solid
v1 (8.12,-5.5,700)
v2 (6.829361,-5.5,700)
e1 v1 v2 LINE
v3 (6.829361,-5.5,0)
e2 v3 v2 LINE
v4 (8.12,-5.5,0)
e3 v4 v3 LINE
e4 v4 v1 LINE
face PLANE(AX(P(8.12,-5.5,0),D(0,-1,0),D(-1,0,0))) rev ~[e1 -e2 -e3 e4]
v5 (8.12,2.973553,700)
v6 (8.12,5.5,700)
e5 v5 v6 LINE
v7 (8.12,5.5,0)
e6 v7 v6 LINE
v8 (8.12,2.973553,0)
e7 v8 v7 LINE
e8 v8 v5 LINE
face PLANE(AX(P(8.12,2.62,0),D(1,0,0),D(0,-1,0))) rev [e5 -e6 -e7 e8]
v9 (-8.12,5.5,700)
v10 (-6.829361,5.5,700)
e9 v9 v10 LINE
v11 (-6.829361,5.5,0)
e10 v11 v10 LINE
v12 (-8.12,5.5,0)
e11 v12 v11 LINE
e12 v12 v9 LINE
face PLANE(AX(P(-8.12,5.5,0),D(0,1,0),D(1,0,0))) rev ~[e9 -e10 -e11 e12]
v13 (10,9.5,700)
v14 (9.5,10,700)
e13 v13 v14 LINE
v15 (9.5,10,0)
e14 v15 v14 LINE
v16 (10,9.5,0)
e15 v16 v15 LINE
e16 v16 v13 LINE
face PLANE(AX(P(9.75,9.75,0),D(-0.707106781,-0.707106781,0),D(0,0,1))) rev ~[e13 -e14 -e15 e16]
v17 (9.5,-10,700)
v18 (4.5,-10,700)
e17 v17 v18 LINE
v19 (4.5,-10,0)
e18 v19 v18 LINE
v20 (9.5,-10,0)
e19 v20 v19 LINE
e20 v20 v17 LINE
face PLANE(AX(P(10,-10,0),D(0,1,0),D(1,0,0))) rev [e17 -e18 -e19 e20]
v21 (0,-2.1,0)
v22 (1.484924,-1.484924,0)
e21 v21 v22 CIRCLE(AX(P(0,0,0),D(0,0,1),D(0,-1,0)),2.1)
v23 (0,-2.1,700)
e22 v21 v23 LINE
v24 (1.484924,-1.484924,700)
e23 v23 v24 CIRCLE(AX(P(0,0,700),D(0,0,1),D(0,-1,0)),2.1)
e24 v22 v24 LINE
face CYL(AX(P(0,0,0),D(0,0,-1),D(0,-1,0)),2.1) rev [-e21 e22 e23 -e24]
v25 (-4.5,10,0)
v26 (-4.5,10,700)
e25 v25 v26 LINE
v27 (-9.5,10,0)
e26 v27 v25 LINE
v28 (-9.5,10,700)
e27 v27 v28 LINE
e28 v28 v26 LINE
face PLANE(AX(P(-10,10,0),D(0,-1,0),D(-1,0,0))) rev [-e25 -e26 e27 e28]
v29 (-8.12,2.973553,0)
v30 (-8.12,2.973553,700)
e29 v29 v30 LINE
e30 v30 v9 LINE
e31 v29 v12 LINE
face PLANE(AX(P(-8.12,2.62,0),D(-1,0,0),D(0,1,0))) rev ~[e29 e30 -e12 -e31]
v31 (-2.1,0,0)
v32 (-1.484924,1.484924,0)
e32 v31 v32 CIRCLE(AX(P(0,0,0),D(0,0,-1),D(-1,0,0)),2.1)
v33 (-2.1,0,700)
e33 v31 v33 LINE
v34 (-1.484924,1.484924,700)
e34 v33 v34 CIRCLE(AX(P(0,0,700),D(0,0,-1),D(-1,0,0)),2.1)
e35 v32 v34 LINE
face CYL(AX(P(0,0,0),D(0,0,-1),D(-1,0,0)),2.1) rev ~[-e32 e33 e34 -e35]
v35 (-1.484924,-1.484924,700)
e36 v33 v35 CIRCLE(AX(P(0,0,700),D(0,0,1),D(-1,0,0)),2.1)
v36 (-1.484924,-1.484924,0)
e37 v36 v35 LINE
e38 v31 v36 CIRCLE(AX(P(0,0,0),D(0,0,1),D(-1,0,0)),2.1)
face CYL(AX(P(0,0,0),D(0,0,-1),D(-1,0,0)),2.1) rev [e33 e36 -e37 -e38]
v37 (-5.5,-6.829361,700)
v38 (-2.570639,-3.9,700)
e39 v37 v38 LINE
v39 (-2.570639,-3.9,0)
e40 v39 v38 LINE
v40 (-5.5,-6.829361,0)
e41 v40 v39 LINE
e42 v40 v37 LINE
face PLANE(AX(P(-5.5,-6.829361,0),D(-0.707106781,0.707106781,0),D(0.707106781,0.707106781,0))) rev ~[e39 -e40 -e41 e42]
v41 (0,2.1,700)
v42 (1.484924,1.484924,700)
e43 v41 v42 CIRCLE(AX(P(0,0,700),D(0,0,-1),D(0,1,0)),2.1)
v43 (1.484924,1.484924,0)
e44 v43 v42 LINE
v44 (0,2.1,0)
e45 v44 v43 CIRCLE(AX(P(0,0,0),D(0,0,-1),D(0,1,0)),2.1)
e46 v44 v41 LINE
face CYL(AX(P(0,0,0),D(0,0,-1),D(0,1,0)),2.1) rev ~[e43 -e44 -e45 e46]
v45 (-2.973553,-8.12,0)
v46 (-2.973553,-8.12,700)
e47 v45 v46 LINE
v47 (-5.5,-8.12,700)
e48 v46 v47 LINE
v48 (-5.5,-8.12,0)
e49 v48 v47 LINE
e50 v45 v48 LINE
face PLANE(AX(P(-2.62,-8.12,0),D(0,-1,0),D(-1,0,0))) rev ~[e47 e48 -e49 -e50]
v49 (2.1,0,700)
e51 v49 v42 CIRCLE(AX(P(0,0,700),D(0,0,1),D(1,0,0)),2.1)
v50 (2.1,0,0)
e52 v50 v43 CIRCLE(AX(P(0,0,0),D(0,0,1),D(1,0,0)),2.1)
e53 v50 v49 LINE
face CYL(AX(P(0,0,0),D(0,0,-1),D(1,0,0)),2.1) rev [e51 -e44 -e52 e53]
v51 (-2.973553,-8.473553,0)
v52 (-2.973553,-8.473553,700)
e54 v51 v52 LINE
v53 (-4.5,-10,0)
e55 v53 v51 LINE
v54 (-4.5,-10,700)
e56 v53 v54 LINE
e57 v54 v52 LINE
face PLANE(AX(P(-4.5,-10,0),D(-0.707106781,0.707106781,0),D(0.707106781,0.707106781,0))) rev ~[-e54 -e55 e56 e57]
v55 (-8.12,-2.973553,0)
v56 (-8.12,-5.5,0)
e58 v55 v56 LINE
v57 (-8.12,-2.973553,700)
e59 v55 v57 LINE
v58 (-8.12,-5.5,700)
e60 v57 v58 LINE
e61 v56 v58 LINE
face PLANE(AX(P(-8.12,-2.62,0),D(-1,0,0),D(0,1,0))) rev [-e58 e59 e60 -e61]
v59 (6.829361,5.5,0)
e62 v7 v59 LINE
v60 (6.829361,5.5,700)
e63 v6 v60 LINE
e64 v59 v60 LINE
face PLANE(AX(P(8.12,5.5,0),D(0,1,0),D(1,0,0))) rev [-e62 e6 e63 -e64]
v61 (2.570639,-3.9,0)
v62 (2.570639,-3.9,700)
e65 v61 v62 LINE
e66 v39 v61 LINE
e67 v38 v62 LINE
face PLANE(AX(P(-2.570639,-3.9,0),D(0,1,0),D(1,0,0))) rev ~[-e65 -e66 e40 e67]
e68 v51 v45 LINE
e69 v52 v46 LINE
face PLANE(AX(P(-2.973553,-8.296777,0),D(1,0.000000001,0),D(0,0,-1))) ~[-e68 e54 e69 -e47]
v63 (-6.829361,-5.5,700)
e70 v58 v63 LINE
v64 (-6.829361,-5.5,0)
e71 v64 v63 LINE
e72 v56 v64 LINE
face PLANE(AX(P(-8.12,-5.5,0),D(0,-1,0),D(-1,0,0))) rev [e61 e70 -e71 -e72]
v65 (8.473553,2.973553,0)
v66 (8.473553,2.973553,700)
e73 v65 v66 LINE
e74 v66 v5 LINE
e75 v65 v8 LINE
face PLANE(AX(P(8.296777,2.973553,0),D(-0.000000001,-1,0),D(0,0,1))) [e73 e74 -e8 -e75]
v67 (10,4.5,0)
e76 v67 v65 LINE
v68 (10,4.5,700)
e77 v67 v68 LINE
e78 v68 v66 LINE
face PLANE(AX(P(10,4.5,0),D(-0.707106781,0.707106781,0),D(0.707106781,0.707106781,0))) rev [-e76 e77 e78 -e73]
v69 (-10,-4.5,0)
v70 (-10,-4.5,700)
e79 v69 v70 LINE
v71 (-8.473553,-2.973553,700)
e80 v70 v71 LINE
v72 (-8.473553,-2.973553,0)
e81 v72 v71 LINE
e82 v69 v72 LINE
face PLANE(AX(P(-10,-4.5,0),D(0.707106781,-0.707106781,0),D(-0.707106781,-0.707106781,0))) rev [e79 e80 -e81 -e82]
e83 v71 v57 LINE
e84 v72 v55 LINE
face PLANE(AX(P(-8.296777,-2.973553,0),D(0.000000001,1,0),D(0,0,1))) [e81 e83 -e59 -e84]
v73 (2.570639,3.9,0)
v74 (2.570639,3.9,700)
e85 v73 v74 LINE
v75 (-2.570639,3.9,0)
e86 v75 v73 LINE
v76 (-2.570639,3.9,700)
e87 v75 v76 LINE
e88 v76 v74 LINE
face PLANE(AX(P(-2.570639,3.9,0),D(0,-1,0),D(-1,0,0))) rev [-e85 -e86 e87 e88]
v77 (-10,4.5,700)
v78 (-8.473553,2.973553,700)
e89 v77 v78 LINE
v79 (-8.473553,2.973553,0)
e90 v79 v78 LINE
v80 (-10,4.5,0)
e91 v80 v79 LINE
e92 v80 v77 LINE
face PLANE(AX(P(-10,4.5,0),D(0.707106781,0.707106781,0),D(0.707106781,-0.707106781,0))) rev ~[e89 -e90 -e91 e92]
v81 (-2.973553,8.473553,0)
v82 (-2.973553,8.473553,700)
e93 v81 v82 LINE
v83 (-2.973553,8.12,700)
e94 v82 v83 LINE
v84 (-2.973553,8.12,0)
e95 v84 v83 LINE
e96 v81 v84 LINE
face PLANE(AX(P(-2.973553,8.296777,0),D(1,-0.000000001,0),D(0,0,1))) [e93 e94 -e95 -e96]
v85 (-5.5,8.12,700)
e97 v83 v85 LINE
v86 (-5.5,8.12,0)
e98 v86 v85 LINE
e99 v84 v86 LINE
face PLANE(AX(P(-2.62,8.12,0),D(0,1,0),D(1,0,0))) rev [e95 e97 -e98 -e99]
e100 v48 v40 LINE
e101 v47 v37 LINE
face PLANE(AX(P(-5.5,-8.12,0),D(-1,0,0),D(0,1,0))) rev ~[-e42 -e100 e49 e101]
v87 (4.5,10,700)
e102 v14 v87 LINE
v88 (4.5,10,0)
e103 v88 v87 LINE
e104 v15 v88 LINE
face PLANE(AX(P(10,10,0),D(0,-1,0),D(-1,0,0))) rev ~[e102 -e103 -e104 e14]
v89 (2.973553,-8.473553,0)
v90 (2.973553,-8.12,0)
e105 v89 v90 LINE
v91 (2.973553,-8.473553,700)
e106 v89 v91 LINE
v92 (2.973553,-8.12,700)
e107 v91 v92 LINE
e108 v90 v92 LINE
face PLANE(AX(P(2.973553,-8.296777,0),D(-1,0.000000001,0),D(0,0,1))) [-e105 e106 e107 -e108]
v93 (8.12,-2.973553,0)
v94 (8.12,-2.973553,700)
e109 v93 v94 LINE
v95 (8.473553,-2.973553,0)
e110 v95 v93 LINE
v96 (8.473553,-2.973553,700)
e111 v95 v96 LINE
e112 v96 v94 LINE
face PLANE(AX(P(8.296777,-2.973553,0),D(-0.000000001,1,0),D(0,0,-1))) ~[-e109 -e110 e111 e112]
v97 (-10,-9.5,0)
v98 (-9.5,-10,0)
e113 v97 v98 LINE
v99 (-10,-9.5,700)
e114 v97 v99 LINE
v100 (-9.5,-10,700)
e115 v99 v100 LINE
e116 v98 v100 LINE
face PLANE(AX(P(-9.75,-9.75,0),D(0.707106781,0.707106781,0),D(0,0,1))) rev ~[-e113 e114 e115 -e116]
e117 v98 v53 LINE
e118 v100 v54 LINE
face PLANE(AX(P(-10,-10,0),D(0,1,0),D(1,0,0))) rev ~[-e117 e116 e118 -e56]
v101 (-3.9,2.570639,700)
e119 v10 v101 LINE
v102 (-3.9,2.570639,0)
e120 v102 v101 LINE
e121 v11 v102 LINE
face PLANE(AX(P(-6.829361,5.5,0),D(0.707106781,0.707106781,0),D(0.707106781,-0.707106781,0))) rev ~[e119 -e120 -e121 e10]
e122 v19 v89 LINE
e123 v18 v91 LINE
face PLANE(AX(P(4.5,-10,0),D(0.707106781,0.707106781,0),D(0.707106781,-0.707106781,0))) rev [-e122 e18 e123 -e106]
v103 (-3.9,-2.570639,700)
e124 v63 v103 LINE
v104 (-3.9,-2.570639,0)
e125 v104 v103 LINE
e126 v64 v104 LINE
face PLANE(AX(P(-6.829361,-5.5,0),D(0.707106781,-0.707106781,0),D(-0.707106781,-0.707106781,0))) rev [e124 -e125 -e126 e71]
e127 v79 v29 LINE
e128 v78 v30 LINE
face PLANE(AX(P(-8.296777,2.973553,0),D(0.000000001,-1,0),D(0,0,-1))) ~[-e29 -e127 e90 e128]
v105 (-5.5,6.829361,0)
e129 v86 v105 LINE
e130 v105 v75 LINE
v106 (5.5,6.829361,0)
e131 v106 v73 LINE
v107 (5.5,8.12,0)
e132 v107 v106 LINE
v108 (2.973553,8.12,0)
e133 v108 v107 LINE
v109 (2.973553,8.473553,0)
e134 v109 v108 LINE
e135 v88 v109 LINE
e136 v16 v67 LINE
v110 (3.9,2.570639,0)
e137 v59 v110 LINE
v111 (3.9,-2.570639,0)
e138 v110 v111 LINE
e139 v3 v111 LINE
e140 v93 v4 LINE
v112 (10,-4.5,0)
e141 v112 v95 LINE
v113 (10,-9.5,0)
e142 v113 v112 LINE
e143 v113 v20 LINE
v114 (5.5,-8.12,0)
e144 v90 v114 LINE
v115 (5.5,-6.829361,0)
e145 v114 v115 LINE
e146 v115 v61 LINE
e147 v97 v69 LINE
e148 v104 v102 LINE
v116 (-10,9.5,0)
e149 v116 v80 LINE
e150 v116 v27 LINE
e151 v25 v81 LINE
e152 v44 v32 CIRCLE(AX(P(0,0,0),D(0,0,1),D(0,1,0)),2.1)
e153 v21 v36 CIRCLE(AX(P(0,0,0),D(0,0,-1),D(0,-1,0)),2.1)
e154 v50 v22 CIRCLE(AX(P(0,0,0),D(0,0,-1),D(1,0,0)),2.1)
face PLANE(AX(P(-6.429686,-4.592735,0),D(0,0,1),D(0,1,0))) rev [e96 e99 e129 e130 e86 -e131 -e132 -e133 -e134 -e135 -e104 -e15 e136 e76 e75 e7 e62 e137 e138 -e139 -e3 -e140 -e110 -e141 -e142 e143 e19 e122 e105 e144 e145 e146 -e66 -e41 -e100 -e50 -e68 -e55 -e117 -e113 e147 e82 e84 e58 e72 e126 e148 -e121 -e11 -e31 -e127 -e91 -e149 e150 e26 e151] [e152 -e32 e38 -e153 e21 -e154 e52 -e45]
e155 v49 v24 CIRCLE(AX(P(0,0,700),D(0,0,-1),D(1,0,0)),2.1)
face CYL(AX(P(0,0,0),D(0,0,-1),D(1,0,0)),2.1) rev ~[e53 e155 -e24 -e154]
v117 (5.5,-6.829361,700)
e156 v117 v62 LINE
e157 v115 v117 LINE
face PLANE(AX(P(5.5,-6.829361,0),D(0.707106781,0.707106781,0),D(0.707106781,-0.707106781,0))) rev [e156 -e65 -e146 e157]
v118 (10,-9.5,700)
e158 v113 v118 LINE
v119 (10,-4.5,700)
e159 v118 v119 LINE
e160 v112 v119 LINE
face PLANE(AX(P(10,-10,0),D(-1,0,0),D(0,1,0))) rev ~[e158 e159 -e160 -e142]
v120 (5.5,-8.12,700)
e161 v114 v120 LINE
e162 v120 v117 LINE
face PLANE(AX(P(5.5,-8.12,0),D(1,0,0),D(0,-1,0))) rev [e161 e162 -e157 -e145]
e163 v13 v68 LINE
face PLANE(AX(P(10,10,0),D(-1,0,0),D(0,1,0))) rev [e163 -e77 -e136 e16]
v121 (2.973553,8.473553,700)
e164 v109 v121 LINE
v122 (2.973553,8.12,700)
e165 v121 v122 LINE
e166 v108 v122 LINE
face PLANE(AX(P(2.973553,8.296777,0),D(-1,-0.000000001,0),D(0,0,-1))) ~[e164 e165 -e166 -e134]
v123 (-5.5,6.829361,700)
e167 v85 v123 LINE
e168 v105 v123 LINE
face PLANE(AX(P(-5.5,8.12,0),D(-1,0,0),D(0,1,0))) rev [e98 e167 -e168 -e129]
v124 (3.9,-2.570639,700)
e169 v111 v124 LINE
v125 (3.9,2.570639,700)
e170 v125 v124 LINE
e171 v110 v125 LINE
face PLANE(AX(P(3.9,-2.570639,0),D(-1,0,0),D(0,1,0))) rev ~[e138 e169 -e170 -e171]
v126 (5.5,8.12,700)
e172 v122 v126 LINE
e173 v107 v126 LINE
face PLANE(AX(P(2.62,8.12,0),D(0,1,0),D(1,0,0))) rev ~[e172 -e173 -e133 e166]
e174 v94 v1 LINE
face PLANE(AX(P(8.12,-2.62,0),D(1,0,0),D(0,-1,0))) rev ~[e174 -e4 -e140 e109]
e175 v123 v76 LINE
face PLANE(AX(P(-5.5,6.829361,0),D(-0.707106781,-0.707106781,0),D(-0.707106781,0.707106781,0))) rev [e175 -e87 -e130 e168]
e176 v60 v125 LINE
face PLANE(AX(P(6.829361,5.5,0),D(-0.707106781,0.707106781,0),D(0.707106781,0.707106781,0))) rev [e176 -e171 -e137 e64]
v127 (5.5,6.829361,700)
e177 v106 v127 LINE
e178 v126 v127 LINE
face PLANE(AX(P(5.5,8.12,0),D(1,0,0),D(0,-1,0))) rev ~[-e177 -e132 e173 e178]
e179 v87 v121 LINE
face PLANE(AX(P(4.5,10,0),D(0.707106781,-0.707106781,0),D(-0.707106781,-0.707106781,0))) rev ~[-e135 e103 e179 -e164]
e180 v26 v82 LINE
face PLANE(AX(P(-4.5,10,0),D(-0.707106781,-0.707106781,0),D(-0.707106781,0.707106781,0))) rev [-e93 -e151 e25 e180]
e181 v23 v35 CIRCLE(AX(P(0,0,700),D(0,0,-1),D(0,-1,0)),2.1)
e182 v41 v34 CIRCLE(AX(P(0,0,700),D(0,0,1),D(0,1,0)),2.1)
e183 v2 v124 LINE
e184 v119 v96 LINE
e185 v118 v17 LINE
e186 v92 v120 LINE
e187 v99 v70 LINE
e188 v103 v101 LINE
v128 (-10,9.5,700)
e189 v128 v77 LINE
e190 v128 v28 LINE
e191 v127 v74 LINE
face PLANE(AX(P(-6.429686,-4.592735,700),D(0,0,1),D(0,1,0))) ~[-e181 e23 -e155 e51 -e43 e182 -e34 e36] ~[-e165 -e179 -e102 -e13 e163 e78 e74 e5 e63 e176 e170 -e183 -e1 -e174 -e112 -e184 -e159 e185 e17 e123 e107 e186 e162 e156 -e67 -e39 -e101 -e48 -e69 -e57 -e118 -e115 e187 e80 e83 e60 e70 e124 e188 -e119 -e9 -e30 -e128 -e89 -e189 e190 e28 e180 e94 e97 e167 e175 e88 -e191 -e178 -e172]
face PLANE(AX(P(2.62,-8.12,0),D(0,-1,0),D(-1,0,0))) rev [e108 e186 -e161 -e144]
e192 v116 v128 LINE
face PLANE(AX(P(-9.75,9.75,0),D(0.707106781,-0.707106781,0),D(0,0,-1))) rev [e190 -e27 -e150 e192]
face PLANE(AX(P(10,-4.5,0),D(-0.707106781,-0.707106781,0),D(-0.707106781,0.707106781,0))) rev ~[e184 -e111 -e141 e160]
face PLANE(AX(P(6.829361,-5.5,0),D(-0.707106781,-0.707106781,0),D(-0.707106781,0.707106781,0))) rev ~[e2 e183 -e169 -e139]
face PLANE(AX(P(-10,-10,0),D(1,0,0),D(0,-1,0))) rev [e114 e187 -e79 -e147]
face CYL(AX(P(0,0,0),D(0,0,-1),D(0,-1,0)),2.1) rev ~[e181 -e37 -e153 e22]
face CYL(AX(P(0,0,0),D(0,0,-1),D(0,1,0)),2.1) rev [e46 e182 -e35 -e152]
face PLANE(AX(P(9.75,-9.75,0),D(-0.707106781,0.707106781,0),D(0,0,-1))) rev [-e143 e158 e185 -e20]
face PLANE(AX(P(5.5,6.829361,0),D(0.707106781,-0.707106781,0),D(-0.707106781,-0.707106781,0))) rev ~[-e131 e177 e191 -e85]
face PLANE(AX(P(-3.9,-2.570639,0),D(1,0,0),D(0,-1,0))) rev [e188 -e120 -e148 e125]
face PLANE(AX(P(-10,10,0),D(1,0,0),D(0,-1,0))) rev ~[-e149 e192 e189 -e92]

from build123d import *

# Parameters (mm, degrees)
BOSS_EXTRUDE1_DEPTH = 700
CHAMFER2_SIZE       = 0.5
CHAMFER2_SIZE2      = 0.353553391
CHAMFER1_SIZE       = 0.5


with BuildPart() as part:
    # Sketch1 → Boss-Extrude1 (new body)
    with BuildSketch(Plane.XY):
        with BuildLine():
            Line((5.5, 6.829360749), (2.570639251, 3.9))
            Line((2.570639251, 3.9), (0, 3.9))
            Line((0, 3.9), (0, 2.1))
            ThreePointArc((0, 2.1), (0.803635208, 1.940147018), (1.48492424, 1.48492424))
            Line((1.48492424, 1.48492424), (10, 10))
            Line((10, 10), (4.5, 10))
            Line((4.5, 10), (2.62, 8.12))
            Line((2.62, 8.12), (5.5, 8.12))
            Line((5.5, 8.12), (5.5, 6.829360749))
        make_face()
    extrude(amount=BOSS_EXTRUDE1_DEPTH)

    # Chamfer2
    chamfer2_edges = [part.edges().sort_by_distance(p)[0] for p in [
        (2.62, 8.12, 350),
    ]]
    chamfer2_side = [part.faces().sort_by_distance(p)[0] for p in [
        (3.56, 9.06, 350),
    ]]
    chamfer(chamfer2_edges, length=CHAMFER2_SIZE, length2=CHAMFER2_SIZE2, reference=chamfer2_side[0])

    # Mirror1: part across plane


with BuildPart() as part_1:
    add(part.part)
    add(part.part.mirror(Plane(origin=(10, 10, 700), x_dir=(0, 0, 1), z_dir=(-0.707106781186544, 0.707106781186551, 0))))

    # Chamfer1
    chamfer1_edges = [part_1.edges().sort_by_distance(p)[0] for p in [
        (10, 10, 350),
    ]]
    chamfer(chamfer1_edges, length=CHAMFER1_SIZE)

    # Mirror4: part across plane


with BuildPart() as part_2:
    add(part_1.part)
    add(part_1.part.mirror(Plane(origin=(0, 3.9, 700), x_dir=(0, 0, 1), z_dir=(1, 0, 0))))

    # Mirror5: part across plane


with BuildPart() as part_3:
    add(part_2.part)
    add(part_2.part.mirror(Plane(origin=(-3.9, 0, 700), x_dir=(0, 0, 1), z_dir=(0, 1, 0))))


solid = part_3.part
